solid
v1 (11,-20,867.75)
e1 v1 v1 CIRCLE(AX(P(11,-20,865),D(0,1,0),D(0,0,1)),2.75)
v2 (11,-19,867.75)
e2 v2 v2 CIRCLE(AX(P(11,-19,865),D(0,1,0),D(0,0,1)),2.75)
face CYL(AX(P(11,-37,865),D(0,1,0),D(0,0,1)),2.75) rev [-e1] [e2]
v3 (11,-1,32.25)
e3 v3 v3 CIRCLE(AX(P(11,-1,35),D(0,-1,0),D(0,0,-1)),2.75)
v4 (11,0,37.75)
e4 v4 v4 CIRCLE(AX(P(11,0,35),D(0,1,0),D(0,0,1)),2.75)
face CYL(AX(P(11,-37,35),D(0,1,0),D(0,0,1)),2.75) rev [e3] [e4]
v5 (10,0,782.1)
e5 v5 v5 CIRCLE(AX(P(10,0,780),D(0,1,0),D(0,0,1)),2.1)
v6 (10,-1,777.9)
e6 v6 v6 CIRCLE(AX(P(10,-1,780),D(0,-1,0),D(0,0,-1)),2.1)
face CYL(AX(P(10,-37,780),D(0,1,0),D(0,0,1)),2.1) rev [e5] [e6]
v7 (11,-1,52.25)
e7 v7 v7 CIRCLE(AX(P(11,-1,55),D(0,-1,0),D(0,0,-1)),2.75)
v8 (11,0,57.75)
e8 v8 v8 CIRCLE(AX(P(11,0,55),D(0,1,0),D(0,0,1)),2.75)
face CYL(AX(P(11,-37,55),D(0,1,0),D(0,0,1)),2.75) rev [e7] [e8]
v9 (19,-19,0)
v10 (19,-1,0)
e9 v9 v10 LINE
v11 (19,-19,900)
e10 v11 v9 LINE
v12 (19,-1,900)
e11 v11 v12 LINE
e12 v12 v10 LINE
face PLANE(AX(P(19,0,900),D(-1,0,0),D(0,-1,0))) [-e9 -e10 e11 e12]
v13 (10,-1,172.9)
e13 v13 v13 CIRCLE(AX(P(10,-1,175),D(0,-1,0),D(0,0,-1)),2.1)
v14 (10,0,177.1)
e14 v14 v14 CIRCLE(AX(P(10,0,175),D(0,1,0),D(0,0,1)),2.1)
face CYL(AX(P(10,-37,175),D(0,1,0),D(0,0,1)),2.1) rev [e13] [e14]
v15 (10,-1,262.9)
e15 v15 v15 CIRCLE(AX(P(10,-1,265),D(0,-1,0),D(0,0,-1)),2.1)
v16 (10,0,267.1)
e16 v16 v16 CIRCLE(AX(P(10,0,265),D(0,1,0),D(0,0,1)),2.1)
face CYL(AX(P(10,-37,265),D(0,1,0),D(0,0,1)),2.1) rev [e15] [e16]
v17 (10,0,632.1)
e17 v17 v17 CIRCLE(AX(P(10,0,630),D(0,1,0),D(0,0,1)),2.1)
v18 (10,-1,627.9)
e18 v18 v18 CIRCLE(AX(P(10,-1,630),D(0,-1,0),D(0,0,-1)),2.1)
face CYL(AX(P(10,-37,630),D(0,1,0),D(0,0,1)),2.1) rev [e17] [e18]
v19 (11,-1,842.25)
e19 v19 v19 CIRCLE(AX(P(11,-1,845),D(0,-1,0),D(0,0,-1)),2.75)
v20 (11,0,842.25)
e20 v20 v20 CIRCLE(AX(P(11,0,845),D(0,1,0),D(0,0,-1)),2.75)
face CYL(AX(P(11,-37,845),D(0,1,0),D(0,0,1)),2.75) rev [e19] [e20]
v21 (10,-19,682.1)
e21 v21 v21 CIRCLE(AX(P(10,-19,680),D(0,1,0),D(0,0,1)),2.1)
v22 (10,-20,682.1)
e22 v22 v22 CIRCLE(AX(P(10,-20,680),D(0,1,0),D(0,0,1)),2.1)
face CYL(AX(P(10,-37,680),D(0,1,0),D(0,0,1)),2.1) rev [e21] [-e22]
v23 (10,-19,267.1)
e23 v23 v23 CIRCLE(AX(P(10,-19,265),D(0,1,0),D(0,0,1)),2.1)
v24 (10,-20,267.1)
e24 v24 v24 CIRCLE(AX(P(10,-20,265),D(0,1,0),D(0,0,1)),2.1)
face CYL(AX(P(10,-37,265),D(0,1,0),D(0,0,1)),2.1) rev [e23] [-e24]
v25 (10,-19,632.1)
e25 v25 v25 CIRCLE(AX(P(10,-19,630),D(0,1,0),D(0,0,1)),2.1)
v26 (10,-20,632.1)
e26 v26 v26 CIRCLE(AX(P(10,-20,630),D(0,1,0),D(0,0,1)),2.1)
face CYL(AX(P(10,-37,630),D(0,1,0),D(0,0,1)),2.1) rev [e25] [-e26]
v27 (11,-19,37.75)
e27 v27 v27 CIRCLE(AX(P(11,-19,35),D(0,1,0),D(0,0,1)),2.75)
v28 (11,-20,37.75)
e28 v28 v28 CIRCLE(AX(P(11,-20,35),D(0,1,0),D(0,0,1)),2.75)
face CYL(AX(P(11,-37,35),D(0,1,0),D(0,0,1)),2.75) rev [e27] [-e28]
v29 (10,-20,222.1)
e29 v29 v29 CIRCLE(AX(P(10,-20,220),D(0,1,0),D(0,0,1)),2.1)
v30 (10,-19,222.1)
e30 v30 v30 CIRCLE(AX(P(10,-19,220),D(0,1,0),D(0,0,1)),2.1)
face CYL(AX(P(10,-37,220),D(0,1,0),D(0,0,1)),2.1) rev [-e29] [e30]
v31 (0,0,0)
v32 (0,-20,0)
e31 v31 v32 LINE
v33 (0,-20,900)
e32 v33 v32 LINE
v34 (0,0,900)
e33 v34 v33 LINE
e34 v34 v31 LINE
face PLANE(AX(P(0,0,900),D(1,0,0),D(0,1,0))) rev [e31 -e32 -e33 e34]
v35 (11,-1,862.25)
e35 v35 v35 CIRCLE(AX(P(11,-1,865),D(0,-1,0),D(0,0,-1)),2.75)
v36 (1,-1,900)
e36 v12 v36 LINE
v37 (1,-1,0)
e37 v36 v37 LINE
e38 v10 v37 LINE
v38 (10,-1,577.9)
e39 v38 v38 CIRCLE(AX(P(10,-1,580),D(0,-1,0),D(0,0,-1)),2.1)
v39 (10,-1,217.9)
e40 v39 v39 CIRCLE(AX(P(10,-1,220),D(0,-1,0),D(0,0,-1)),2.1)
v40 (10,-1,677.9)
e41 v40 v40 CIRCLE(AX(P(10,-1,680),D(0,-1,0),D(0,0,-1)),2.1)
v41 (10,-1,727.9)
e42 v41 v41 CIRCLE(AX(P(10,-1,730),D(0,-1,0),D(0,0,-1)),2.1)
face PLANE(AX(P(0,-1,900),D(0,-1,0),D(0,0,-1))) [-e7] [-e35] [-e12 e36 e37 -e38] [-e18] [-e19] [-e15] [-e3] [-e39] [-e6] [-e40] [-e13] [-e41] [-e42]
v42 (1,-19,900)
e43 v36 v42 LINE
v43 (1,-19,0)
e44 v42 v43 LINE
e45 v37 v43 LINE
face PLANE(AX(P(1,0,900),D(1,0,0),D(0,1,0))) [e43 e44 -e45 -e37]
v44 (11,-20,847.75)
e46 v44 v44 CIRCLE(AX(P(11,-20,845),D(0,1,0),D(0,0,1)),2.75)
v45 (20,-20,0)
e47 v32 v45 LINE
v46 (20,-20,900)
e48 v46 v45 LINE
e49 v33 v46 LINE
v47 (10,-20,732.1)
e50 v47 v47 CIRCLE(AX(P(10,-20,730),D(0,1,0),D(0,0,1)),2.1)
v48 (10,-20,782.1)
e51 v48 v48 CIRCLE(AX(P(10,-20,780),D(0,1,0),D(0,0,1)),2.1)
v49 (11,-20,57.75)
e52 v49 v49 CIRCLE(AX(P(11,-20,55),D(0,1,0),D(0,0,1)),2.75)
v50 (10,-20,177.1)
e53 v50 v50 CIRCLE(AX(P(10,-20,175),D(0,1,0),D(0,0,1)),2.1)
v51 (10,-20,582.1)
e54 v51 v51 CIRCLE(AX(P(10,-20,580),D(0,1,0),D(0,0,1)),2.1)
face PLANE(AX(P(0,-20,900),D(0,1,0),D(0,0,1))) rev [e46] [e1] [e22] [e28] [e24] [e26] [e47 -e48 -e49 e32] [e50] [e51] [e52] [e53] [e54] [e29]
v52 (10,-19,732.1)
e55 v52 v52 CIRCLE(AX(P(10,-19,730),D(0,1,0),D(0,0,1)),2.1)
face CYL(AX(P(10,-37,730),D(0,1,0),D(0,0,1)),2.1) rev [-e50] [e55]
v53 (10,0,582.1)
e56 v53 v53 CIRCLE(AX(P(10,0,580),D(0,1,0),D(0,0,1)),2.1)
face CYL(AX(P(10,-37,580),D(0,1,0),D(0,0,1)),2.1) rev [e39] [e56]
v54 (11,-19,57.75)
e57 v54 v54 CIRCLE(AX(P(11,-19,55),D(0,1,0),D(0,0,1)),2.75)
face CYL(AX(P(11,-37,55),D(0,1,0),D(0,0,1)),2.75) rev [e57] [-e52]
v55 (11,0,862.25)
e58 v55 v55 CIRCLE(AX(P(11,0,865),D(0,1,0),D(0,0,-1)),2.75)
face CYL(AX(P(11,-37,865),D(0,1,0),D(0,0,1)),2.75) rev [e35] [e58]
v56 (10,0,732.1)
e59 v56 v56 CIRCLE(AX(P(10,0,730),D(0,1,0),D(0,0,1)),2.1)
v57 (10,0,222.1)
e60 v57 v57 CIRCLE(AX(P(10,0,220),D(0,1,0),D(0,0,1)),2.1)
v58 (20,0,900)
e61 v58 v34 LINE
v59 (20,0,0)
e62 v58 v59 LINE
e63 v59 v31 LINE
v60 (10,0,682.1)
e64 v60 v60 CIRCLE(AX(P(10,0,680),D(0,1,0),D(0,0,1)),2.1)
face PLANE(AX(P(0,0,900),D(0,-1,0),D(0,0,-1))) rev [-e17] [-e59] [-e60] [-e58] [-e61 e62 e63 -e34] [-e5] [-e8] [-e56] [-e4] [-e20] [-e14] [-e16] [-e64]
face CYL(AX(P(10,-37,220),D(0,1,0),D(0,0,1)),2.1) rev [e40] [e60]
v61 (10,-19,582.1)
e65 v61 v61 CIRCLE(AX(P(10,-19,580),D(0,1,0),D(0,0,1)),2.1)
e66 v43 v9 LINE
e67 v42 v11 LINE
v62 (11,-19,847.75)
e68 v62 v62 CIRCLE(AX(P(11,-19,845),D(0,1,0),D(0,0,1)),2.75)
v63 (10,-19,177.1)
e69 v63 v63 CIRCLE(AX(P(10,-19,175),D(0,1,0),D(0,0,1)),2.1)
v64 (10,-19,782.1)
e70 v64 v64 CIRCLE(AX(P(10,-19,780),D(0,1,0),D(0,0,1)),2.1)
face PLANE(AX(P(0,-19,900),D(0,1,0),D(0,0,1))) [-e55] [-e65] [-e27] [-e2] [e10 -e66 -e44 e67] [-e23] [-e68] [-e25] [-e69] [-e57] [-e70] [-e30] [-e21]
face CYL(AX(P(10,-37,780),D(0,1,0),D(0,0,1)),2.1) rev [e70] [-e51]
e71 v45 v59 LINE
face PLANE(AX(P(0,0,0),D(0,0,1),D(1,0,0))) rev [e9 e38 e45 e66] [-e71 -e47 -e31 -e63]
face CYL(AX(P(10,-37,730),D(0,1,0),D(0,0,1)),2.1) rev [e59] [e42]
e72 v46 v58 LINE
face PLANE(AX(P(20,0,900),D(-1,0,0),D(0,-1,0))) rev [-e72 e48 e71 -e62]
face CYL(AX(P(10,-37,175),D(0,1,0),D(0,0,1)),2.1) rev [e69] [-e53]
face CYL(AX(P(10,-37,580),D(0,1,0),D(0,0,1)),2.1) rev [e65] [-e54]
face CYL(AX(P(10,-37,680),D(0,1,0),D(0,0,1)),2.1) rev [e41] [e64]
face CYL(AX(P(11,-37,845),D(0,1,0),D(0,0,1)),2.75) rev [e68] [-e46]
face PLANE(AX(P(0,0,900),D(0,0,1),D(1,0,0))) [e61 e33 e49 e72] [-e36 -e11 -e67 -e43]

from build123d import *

# Parameters (mm, degrees)
SKETCH_1_W          = 20
SKETCH_1_H          = 20
SKETCH_1_W_2        = 18
SKETCH_1_H_2        = 18
EXTRUDE_1_DEPTH     = 900
SKETCH_2_R          = 2.75
CUT_EXTRUDE_1_DEPTH = 37
SKETCH_3_R          = 2.1
CUT_EXTRUDE_2_DEPTH = 37
SKETCH_4_R          = 2.1
CUT_EXTRUDE_3_DEPTH = 37


with BuildPart() as part:
    # 草图1 → 拉伸-薄壁1 (new body)
    with BuildSketch(Plane.XY):
        with Locations((10, -10)):
            Rectangle(SKETCH_1_W, SKETCH_1_H)
        with Locations((10, -10)):
            Rectangle(SKETCH_1_W_2, SKETCH_1_H_2, mode=Mode.SUBTRACT)
    extrude(amount=EXTRUDE_1_DEPTH)

    # 草图2 → 切除-拉伸1 (cut)
    with BuildSketch(Plane(origin=(0, 0, 0), x_dir=(1, 0, 0), z_dir=(0, 1, 0))):
        with Locations(Location((11, -35, 0), (0, 0, 270))):
            Circle(SKETCH_2_R)
        with Locations(Location((11, -55, 0), (0, 0, 270))):
            Circle(SKETCH_2_R)
        with Locations(Location((11, -845, 0), (0, 0, 90))):
            Circle(SKETCH_2_R)
        with Locations(Location((11, -865, 0), (0, 0, 90))):
            Circle(SKETCH_2_R)
    extrude(amount=-CUT_EXTRUDE_1_DEPTH, mode=Mode.SUBTRACT)

    # 草图3 → 切除-拉伸2 (cut)
    with BuildSketch(Plane(origin=(0, 0, 0), x_dir=(1, 0, 0), z_dir=(0, 1, 0))):
        with Locations(Location((10, -175, 0), (0, 0, 270))):
            Circle(SKETCH_3_R)
        with Locations(Location((10, -220, 0), (0, 0, 270))):
            Circle(SKETCH_3_R)
        with Locations(Location((10, -265, 0), (0, 0, 270))):
            Circle(SKETCH_3_R)
    extrude(amount=-CUT_EXTRUDE_2_DEPTH, mode=Mode.SUBTRACT)

    # 草图4 → 切除-拉伸3 (cut)
    with BuildSketch(Plane(origin=(0, 0, 0), x_dir=(1, 0, 0), z_dir=(0, 1, 0))):
        with Locations(Location((10, -780, 0), (0, 0, 270))):
            Circle(SKETCH_4_R)
        with Locations(Location((10, -730, 0), (0, 0, 270))):
            Circle(SKETCH_4_R)
        with Locations(Location((10, -680, 0), (0, 0, 270))):
            Circle(SKETCH_4_R)
        with Locations(Location((10, -630, 0), (0, 0, 270))):
            Circle(SKETCH_4_R)
        with Locations(Location((10, -580, 0), (0, 0, 270))):
            Circle(SKETCH_4_R)
    extrude(amount=-CUT_EXTRUDE_3_DEPTH, mode=Mode.SUBTRACT)


solid = part.part
